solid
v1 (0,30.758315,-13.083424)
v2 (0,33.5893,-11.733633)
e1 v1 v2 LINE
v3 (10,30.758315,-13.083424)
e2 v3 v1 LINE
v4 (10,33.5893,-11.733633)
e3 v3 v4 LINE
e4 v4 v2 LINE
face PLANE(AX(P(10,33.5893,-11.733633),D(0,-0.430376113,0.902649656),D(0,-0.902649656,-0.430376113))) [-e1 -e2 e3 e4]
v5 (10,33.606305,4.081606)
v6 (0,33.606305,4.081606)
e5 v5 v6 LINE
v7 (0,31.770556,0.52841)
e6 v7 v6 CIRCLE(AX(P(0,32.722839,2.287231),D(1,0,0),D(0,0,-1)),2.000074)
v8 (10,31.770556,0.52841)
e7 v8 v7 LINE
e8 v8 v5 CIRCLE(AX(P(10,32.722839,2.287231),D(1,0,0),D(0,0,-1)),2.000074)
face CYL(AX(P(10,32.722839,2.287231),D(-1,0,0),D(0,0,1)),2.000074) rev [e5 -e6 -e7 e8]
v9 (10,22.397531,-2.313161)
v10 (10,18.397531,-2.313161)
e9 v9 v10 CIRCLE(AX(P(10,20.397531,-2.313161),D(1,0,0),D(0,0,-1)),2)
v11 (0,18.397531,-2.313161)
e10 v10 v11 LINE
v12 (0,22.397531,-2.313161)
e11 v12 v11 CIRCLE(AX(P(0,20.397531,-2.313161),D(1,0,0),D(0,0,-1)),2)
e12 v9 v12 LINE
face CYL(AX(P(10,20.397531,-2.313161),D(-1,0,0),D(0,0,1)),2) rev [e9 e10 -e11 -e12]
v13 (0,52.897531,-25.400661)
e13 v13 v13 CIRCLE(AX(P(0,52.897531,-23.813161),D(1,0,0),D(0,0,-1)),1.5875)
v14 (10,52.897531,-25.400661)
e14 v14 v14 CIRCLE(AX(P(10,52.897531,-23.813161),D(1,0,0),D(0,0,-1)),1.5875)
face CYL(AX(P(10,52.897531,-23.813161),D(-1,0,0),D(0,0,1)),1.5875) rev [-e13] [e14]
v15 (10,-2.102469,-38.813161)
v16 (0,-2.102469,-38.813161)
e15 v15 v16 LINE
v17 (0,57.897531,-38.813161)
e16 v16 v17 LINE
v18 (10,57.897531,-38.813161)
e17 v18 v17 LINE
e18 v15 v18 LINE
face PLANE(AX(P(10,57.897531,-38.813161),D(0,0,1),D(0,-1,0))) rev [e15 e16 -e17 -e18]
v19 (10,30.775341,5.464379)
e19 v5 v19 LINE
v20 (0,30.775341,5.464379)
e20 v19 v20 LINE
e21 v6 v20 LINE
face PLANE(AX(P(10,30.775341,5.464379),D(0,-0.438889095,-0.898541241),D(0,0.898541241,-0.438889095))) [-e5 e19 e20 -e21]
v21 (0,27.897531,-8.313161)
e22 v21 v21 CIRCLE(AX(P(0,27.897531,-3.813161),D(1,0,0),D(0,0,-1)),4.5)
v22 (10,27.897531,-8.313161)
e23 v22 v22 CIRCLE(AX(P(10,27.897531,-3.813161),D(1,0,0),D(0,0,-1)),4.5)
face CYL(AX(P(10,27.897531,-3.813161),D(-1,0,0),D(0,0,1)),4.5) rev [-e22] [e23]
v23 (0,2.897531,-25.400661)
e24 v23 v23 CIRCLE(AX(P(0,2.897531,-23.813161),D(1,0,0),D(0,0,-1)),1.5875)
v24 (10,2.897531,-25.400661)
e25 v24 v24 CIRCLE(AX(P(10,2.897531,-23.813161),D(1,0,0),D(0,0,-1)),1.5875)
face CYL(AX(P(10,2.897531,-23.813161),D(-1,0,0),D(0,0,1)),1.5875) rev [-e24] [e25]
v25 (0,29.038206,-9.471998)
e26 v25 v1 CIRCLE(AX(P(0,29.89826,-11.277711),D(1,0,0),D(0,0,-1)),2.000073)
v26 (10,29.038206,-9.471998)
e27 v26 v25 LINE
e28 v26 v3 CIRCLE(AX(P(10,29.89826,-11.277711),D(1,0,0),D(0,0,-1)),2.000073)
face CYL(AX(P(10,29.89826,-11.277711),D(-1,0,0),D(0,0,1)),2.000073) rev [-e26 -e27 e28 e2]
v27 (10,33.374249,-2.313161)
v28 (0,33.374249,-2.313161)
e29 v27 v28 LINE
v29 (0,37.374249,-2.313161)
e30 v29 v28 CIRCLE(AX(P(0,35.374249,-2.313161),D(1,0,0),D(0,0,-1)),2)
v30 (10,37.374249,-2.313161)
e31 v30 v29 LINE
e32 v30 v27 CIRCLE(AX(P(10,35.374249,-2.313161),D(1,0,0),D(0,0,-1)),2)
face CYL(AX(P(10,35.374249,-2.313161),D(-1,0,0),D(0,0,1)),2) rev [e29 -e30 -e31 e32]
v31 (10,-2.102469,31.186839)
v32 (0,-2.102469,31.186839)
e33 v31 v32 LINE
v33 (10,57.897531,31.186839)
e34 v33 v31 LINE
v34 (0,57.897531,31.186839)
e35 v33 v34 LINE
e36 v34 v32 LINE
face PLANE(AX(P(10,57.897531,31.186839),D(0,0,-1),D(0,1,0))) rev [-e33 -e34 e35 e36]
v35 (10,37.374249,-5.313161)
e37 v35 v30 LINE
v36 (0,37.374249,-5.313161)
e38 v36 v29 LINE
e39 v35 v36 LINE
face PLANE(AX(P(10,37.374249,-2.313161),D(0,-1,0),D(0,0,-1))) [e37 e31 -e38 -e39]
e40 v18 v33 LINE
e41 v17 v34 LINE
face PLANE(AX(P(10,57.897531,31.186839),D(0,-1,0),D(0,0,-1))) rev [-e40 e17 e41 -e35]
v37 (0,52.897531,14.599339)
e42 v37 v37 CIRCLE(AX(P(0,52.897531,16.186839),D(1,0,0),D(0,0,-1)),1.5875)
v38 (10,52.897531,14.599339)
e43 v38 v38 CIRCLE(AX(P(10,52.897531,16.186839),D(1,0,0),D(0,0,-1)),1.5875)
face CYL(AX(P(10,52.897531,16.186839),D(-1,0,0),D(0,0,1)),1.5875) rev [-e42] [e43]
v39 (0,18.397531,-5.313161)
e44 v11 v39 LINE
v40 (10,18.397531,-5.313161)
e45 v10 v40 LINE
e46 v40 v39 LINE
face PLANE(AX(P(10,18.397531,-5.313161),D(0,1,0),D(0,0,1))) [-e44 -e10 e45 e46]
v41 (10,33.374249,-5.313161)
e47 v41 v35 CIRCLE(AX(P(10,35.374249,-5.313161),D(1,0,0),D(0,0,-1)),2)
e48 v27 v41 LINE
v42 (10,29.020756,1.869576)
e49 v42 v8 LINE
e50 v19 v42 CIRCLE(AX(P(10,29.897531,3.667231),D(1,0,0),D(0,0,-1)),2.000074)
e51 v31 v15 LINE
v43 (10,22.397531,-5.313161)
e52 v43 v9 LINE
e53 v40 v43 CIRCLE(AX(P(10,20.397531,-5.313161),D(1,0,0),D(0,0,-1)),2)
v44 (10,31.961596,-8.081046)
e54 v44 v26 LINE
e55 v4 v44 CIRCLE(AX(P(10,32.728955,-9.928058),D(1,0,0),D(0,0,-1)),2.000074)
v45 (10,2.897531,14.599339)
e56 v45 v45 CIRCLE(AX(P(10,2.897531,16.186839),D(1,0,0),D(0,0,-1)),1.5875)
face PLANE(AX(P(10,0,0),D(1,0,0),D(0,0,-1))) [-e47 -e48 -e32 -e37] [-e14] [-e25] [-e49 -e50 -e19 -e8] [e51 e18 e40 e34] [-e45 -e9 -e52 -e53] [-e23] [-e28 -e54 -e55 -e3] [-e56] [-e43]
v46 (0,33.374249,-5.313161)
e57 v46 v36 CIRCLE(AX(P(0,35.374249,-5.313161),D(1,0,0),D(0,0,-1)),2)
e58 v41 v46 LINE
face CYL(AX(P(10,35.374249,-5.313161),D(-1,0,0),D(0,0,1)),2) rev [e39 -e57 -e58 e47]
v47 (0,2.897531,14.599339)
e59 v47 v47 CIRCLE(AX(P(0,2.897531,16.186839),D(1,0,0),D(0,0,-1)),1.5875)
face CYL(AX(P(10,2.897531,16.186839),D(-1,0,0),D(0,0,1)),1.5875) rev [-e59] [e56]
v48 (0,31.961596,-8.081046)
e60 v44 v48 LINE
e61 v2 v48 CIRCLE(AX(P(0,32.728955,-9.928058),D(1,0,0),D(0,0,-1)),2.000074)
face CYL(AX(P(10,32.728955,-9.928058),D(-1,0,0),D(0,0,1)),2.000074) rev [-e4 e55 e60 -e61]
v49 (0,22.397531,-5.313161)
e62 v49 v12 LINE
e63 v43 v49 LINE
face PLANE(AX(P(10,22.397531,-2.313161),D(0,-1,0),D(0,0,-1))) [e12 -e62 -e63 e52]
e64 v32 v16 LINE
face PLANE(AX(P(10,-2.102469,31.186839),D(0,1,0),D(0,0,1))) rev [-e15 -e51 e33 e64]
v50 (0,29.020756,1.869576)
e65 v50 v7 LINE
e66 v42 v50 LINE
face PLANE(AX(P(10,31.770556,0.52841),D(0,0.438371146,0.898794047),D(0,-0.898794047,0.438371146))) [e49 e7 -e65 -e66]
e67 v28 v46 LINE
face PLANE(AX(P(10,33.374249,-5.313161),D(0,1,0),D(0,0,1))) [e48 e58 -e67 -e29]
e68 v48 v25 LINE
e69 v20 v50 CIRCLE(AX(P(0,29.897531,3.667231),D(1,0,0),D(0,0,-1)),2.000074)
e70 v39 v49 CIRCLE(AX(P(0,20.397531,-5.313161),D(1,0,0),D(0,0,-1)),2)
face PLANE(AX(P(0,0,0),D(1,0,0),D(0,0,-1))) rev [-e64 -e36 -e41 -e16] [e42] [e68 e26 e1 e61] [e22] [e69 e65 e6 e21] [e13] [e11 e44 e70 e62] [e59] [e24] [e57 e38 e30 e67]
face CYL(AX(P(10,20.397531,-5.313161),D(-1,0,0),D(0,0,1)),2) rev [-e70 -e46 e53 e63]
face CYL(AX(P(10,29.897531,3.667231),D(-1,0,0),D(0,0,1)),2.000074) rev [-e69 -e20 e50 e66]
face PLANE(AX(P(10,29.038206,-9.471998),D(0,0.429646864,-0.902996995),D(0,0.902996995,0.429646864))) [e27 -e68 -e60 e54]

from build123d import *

# Parameters (mm, degrees)
SKETCH1_W           = 70
SKETCH1_H           = 60
SKETCH1_R           = 1.5875
SKETCH1_R_2         = 4.499999999
BOSS_EXTRUDE1_DEPTH = 10


with BuildPart() as part:
    # Sketch1 → Boss-Extrude1 (new body)
    with BuildSketch(Plane(origin=(0, 0, 0), x_dir=(0, 0, -1), z_dir=(1, 0, 0))):
        with Locations((3.813160791, 27.897530874)):
            Rectangle(SKETCH1_W, SKETCH1_H)
        with Locations((-16.186839209, 52.897530874)):
            Circle(SKETCH1_R, mode=Mode.SUBTRACT)
        with Locations((-16.186839209, 2.897530874)):
            Circle(SKETCH1_R, mode=Mode.SUBTRACT)
        with Locations((23.813160791, 2.897530874)):
            Circle(SKETCH1_R, mode=Mode.SUBTRACT)
        with Locations((23.813160791, 52.897530874)):
            Circle(SKETCH1_R, mode=Mode.SUBTRACT)
        with Locations((3.813160791, 27.897530874)):
            Circle(SKETCH1_R_2, mode=Mode.SUBTRACT)
        with BuildLine():
            Line((-5.464379102, 30.775341326), (-4.081605515, 33.606305024))
            ThreePointArc((-4.081605515, 33.606305024), (-1.369183898, 34.499769949), (-0.528409533, 31.770555947))
            Line((-0.528409533, 31.770555947), (-1.869576404, 29.020756356))
            ThreePointArc((-1.869576404, 29.020756356), (-4.544523089, 28.10012945), (-5.464379102, 30.775341326))
        make_face(mode=Mode.SUBTRACT)
        with BuildLine():
            Line((5.31316079, 18.397530874), (2.313160791, 18.397530874))
            ThreePointArc((2.313160791, 18.397530874), (0.313160792, 20.397530874), (2.313160791, 22.397530873))
            Line((2.313160791, 22.397530873), (5.31316079, 22.397530873))
            ThreePointArc((5.31316079, 22.397530873), (7.313160789, 20.397530874), (5.31316079, 18.397530874))
        make_face(mode=Mode.SUBTRACT)
        with BuildLine():
            Line((5.31316079, 33.374248764), (2.313160791, 33.374248764))
            ThreePointArc((2.313160791, 33.374248764), (0.31316079, 35.374248765), (2.313160791, 37.374248765))
            Line((2.313160791, 37.374248765), (5.31316079, 37.374248765))
            ThreePointArc((5.31316079, 37.374248765), (7.313160791, 35.374248765), (5.31316079, 33.374248764))
        make_face(mode=Mode.SUBTRACT)
        with BuildLine():
            Line((9.471997672, 29.038205562), (8.081045524, 31.961596177))
            ThreePointArc((8.081045524, 31.961596177), (9.113942414, 34.555839775), (11.733632625, 33.589300054))
            Line((11.733632625, 33.589300054), (13.083423708, 30.758314735))
            ThreePointArc((13.083423708, 30.758314735), (12.137765277, 28.092547131), (9.471997672, 29.038205562))
        make_face(mode=Mode.SUBTRACT)
    extrude(amount=BOSS_EXTRUDE1_DEPTH)


solid = part.part
